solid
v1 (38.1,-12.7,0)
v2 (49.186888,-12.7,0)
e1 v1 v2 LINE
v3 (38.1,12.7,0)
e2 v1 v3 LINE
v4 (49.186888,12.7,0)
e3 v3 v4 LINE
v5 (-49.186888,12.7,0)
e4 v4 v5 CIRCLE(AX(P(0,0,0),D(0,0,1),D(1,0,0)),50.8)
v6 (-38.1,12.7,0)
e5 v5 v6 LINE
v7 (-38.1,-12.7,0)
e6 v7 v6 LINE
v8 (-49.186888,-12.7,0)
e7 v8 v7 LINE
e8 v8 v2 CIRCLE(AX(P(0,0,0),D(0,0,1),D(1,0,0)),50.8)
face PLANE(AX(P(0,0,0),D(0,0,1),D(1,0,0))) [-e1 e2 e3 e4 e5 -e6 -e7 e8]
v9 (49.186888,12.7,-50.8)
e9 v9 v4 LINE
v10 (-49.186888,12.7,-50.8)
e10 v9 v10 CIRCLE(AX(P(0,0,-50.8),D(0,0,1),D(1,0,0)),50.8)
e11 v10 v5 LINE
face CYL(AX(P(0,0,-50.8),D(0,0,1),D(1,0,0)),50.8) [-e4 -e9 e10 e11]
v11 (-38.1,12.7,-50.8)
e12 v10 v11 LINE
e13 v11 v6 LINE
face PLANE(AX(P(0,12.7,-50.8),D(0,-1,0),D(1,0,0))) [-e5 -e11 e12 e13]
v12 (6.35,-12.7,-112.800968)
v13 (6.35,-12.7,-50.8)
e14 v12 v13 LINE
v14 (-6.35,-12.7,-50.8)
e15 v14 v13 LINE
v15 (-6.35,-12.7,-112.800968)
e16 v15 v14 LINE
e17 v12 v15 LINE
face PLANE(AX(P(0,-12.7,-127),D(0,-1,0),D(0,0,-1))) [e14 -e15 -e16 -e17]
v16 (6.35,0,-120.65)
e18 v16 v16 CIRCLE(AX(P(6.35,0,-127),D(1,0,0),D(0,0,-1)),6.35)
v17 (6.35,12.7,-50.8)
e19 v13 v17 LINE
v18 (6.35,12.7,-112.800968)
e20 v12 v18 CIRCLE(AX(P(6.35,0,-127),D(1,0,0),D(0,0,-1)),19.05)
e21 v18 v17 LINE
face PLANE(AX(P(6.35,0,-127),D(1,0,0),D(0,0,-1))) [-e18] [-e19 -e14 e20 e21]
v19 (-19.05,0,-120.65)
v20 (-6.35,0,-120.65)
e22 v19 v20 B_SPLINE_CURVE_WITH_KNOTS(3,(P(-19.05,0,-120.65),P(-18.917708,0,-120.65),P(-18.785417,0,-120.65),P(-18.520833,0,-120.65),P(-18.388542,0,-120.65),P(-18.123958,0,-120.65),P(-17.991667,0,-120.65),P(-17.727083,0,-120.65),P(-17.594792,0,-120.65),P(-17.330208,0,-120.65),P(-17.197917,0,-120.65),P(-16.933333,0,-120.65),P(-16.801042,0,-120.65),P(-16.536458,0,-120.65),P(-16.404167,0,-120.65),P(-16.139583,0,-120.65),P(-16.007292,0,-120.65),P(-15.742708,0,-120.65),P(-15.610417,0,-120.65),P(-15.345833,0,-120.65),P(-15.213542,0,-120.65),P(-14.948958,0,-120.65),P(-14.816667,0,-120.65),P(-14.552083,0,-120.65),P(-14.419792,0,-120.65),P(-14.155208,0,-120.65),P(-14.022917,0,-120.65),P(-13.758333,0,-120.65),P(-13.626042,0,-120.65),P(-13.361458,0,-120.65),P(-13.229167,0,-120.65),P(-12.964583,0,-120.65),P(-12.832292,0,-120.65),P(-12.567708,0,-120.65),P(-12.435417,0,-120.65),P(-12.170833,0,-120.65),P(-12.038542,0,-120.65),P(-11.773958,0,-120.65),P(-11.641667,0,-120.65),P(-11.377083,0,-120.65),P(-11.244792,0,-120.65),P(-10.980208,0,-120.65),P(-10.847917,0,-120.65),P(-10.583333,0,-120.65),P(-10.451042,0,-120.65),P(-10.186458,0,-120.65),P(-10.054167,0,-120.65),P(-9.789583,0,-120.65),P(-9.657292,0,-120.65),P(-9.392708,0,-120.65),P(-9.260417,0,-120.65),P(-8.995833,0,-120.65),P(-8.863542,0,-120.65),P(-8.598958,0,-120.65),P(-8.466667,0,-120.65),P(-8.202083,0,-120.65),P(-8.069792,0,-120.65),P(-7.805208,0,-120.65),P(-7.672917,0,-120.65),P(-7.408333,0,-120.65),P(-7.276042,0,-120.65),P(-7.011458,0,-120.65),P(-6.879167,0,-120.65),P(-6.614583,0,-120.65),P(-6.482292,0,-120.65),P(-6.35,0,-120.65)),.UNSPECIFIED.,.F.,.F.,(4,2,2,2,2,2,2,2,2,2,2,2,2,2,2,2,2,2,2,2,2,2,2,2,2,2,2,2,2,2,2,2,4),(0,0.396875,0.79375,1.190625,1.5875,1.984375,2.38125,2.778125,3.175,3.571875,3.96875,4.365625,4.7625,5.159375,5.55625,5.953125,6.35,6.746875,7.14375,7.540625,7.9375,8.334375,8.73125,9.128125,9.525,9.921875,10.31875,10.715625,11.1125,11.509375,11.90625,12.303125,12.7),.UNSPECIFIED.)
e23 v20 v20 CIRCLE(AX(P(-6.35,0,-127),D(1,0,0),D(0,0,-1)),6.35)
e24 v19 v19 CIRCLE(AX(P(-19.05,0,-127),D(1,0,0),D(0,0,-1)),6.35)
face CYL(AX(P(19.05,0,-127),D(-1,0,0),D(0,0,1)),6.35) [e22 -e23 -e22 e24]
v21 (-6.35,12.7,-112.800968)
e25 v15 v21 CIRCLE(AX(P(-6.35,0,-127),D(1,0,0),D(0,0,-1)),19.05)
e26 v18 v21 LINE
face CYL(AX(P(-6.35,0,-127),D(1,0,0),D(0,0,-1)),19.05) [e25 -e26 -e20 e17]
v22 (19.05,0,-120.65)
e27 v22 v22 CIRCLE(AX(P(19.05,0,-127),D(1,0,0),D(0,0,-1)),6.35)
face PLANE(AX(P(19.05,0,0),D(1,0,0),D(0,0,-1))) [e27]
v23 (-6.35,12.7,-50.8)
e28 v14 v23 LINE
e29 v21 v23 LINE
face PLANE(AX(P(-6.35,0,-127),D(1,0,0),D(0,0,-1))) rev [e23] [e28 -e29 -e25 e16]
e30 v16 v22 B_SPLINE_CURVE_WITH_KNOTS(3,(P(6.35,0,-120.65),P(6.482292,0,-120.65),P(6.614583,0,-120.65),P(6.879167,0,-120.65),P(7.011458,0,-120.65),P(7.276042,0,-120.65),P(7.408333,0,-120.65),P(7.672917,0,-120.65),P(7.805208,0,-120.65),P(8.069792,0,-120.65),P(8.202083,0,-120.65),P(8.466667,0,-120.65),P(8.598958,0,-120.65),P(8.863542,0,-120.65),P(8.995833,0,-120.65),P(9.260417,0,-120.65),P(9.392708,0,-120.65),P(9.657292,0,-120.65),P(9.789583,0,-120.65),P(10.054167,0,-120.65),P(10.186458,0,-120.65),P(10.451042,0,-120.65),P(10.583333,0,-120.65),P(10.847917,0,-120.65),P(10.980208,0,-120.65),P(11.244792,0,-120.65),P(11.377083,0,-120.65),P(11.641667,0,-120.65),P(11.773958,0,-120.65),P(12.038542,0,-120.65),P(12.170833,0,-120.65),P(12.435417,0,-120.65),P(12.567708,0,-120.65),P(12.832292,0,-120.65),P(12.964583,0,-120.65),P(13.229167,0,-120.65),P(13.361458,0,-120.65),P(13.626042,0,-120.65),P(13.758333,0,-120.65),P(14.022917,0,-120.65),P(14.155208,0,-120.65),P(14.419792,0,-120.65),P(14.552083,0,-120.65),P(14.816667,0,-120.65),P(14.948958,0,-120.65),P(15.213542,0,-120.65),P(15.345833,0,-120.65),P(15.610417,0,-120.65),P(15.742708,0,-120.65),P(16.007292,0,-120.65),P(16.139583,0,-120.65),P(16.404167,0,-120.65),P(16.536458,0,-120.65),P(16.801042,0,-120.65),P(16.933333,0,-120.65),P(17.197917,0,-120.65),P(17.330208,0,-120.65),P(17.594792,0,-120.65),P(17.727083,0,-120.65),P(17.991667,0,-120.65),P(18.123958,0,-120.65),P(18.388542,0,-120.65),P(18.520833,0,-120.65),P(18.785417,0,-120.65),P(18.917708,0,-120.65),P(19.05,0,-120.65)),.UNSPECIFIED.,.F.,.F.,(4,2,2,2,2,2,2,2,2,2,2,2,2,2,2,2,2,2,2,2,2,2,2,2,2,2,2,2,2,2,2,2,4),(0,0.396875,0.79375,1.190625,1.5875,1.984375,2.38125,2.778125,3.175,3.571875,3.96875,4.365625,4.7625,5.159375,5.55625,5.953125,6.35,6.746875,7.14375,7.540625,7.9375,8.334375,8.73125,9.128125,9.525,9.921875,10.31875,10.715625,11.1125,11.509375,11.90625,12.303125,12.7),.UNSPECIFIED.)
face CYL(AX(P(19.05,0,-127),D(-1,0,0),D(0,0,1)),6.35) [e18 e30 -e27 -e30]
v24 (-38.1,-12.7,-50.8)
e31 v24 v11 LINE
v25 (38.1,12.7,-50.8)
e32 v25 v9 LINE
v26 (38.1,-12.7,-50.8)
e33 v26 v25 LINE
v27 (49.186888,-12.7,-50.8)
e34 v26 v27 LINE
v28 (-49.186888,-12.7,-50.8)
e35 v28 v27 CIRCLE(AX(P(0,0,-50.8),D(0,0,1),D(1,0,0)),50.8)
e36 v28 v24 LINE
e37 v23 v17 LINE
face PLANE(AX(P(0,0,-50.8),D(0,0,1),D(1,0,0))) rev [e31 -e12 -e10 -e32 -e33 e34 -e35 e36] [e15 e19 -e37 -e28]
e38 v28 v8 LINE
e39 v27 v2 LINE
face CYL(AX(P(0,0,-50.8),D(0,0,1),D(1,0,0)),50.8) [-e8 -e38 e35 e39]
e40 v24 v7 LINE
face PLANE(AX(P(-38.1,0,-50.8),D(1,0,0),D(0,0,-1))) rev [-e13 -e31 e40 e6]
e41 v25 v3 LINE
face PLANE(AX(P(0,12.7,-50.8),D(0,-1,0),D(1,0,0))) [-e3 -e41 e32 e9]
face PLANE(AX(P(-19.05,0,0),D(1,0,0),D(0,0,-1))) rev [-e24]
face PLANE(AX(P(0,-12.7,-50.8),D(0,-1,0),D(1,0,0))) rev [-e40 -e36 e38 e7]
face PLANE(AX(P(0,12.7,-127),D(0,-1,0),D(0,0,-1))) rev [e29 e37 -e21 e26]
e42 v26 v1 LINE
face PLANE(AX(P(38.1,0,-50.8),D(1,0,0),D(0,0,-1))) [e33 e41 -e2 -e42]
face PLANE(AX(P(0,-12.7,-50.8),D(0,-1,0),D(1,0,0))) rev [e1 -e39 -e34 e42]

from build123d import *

# Parameters (mm, degrees)
SKETCH1_W           = 12.7
SKETCH1_H           = 25.4
BOSS_EXTRUDE1_DEPTH = 50.8
SKETCH1_3_W         = 12.7
SKETCH1_3_H         = 25.4
BOSS_EXTRUDE2_DEPTH = 127
SKETCH2_R           = 19.05
SKETCH2_R_2         = 6.35
BOSS_EXTRUDE3_DEPTH = 12.7
BOSS_EXTRUDE4_START = -6.35
SKETCH2_2_R         = 6.35
BOSS_EXTRUDE4_DEPTH = 19.05


with BuildPart() as part:
    # Sketch1 → Boss-Extrude1 (new body)
    with BuildSketch(Plane.XY):
        with BuildLine():
            Line((-38.1, -12.7), (-49.186888497, -12.7))
            ThreePointArc((-49.186888497, -12.7), (0, -50.8), (49.186888497, -12.7))
            Line((49.186888497, -12.7), (38.1, -12.7))
            Line((38.1, -12.7), (38.1, 12.7))
            Line((38.1, 12.7), (49.186888497, 12.7))
            ThreePointArc((49.186888497, 12.7), (0, 50.8), (-49.186888497, 12.7))
            Line((-49.186888497, 12.7), (-38.1, 12.7))
            Line((-38.1, 12.7), (-38.1, -12.7))
        make_face()
        Rectangle(SKETCH1_W, SKETCH1_H, mode=Mode.SUBTRACT)
    extrude(amount=-BOSS_EXTRUDE1_DEPTH)

    # Sketch1<3> → Boss-Extrude2 (add)
    with BuildSketch(Plane.XY):
        Rectangle(SKETCH1_3_W, SKETCH1_3_H)
    extrude(amount=-BOSS_EXTRUDE2_DEPTH)

    # Sketch2 → Boss-Extrude3 (add)
    with BuildSketch(Plane(origin=(6.35, 0, 0), x_dir=(0, 0, -1), z_dir=(1, 0, 0))):
        with Locations((127, 0)):
            Circle(SKETCH2_R)
        with Locations((127, 0)):
            Circle(SKETCH2_R_2, mode=Mode.SUBTRACT)
    extrude(amount=-BOSS_EXTRUDE3_DEPTH)

    # Sketch2<2> → Boss-Extrude4 (add, symmetric)
    with BuildSketch(Plane(origin=(6.35, 0, 0), x_dir=(0, 0, -1), z_dir=(1, 0, 0)).offset(BOSS_EXTRUDE4_START)):
        with Locations((127, 0)):
            Circle(SKETCH2_2_R)
    extrude(amount=BOSS_EXTRUDE4_DEPTH, both=True)


solid = part.part
